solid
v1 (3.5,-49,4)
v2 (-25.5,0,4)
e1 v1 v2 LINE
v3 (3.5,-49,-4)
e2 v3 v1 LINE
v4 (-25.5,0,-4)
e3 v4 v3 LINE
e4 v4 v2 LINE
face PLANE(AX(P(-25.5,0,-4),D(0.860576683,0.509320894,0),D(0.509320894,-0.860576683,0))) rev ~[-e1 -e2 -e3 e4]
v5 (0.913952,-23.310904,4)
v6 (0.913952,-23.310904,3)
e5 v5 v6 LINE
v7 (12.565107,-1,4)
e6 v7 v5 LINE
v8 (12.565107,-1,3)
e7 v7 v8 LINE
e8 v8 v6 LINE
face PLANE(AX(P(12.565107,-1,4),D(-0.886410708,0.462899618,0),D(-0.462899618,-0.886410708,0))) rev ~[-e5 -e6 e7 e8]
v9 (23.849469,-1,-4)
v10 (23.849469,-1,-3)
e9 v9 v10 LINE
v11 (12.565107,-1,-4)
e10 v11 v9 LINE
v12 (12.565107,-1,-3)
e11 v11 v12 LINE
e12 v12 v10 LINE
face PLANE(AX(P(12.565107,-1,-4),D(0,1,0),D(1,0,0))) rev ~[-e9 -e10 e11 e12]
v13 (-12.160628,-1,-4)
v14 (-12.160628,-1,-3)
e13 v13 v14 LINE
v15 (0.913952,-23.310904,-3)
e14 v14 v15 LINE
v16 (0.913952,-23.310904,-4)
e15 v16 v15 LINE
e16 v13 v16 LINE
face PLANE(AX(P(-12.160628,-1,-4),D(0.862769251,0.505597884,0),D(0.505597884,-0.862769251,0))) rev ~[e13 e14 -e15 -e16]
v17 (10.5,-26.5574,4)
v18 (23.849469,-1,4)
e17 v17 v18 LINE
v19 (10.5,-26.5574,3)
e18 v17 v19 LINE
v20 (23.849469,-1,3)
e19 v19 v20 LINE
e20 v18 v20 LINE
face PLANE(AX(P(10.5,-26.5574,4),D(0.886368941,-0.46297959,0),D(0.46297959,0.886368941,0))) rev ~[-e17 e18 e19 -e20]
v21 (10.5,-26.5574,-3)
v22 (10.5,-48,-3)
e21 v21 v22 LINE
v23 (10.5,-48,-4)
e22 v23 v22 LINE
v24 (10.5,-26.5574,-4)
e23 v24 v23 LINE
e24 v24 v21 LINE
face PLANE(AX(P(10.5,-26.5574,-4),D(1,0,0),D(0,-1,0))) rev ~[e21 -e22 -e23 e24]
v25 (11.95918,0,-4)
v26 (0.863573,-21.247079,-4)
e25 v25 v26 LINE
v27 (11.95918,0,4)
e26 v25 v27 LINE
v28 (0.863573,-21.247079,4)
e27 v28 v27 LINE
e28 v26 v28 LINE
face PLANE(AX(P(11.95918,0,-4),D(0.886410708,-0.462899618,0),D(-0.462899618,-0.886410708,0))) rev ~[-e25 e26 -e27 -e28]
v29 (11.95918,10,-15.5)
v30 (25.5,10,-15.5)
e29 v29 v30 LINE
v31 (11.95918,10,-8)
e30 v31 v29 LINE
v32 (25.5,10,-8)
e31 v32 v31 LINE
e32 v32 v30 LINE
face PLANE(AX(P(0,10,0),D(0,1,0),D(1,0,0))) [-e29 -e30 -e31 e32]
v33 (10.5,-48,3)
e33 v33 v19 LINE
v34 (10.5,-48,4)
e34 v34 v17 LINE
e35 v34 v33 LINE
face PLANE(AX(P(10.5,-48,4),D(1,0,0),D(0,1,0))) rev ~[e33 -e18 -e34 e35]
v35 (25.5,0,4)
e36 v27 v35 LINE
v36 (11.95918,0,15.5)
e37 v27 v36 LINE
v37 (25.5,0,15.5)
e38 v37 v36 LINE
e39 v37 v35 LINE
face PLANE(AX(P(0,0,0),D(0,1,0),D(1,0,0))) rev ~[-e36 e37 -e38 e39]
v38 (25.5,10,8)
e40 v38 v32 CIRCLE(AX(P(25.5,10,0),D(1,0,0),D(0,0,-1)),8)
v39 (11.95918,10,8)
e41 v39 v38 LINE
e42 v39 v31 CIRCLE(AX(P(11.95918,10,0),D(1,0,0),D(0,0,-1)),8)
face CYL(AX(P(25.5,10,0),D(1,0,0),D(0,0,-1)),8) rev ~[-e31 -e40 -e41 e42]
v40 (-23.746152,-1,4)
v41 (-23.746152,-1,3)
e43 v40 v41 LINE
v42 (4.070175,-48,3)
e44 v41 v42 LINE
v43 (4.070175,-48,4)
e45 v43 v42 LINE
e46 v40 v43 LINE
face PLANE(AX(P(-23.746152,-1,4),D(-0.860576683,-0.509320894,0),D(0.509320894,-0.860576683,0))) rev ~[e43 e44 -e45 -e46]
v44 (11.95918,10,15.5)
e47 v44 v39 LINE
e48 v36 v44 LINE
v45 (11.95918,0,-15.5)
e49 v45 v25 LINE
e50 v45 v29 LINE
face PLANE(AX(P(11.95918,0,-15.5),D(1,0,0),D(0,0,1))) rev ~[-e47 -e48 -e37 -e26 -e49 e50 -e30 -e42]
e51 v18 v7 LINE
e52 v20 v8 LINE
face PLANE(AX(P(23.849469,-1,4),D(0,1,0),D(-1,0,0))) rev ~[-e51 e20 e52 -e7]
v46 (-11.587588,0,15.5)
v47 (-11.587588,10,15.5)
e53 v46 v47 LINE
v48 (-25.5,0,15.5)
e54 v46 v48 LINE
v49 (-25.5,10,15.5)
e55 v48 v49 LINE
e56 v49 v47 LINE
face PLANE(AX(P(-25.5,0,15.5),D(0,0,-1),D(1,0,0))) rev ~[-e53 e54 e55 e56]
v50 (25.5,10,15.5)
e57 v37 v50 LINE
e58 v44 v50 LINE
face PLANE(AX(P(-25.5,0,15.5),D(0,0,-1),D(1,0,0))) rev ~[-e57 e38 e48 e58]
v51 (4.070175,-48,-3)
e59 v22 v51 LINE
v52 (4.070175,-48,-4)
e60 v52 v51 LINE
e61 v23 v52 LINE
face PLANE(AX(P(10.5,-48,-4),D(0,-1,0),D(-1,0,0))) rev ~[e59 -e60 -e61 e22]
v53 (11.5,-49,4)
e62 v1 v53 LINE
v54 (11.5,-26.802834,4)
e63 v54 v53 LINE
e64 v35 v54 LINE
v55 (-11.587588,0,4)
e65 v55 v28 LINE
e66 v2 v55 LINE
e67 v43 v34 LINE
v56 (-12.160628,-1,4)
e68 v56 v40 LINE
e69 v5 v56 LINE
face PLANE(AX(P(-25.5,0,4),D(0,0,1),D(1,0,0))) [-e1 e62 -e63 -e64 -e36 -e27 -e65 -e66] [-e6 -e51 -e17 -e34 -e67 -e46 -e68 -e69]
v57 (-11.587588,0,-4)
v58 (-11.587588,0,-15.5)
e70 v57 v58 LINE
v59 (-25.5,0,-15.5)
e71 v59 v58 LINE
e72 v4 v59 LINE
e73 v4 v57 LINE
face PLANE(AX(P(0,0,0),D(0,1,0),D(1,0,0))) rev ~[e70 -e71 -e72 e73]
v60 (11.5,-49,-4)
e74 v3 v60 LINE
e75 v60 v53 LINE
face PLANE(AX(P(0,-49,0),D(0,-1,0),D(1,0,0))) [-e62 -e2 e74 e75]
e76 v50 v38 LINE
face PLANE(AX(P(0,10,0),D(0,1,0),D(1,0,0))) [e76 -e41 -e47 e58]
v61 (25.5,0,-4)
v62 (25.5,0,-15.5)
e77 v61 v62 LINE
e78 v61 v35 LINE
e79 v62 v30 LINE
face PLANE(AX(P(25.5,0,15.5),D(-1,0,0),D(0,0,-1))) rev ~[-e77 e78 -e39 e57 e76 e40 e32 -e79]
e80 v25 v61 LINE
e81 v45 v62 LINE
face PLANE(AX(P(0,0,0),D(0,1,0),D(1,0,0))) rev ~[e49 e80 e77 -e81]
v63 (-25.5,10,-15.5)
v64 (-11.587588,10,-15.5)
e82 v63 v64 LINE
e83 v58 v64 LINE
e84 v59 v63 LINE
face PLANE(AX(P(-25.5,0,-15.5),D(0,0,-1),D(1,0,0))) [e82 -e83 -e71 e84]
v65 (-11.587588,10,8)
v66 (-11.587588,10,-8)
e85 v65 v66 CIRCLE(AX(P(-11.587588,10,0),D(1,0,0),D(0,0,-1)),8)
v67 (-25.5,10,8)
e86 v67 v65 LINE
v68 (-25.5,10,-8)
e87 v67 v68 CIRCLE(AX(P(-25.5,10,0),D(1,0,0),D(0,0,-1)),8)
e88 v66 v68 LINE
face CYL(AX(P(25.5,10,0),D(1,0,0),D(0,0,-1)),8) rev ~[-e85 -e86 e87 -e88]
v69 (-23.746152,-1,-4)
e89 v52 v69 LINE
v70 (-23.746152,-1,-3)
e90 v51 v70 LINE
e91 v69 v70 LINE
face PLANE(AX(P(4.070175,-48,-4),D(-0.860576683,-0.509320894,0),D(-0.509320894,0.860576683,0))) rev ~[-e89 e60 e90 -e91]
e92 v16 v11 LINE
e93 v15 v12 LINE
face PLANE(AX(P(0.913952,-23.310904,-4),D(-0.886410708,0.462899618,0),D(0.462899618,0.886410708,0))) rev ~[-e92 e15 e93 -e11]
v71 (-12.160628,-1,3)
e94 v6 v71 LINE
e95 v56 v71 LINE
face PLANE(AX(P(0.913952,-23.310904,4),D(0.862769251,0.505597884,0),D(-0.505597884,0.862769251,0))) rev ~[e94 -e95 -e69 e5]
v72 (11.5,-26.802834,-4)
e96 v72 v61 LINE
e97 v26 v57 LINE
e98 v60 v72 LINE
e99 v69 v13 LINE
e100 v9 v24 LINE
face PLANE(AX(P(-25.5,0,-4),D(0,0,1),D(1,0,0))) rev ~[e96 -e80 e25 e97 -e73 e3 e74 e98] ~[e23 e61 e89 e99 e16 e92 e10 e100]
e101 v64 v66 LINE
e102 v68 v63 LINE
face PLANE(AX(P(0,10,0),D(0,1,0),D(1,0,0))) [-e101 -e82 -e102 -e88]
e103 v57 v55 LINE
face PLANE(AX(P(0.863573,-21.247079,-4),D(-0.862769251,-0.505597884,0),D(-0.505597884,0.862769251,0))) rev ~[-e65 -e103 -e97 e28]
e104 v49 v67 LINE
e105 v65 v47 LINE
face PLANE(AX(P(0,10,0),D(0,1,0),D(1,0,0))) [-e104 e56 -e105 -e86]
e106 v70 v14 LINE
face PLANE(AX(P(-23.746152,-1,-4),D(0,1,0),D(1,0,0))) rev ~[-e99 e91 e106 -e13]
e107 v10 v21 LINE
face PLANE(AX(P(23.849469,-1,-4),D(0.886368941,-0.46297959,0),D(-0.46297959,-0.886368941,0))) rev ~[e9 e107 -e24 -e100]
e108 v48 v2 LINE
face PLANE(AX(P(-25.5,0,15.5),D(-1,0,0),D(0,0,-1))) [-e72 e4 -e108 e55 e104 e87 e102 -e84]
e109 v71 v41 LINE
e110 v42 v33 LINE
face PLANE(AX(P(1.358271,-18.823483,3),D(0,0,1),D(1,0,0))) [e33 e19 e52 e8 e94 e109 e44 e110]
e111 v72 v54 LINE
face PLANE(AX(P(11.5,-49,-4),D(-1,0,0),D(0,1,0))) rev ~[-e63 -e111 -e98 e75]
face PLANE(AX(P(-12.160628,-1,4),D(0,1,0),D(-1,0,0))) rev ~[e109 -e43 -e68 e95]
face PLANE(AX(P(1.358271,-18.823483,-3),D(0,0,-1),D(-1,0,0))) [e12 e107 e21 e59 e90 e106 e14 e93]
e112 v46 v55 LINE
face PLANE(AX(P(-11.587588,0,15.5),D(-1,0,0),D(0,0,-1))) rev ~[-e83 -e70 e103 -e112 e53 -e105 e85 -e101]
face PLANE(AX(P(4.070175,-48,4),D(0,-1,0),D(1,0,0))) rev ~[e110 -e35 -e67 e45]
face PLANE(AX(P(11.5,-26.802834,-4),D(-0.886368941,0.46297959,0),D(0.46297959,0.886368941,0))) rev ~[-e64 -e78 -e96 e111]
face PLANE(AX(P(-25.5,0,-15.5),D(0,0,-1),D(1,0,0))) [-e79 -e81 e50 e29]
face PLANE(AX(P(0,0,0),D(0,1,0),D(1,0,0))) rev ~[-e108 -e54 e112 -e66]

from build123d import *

# Parameters (mm, degrees)
SKETCH_1_W          = 51
SKETCH_1_H          = 31
EXTRUDE_1_DEPTH     = 10
SKETCH_2_R          = 8
CUT_EXTRUDE_1_DEPTH = 51
SKETCH_3_W          = 51
SKETCH_3_H          = 8
EXTRUDE_3_DEPTH     = 49
CUT_EXTRUDE_4_DEPTH = 49
CUT_EXTRUDE_5_DEPTH = 49
CUT_EXTRUDE_6_DEPTH = 1
CUT_EXTRUDE_7_DEPTH = 1


with BuildPart() as part:
    # Эскиз1 → Бобышка-Вытянуть1 (new body)
    with BuildSketch(Plane(origin=(0, 0, 0), x_dir=(1, 0, 0), z_dir=(0, 1, 0))):
        Rectangle(SKETCH_1_W, SKETCH_1_H)
    extrude(amount=EXTRUDE_1_DEPTH)

    # Эскиз2 → Вырез-Вытянуть1 (cut)
    with BuildSketch(Plane(origin=(25.5, 0, 0), x_dir=(0, 0, -1), z_dir=(1, 0, 0))):
        with Locations((0, 10)):
            Circle(SKETCH_2_R)
    extrude(amount=-CUT_EXTRUDE_1_DEPTH, mode=Mode.SUBTRACT)

    # Эскиз3 → Бобышка-Вытянуть3 (add)
    with BuildSketch(Plane.XZ):
        Rectangle(SKETCH_3_W, SKETCH_3_H)
    extrude(amount=EXTRUDE_3_DEPTH)

    # Эскиз4 → Вырез-Вытянуть4 (cut)
    with BuildSketch(Plane(origin=(0, 0, -4), x_dir=(-1, 0, 0), z_dir=(0, 0, -1))):
        Polygon((25.5, -49), (25.5, 0), (-3.5, -49), align=None)
        Polygon((-11.5, -26.802834127), (-25.5, 0), (-25.5, -49), (-11.5, -49), align=None)
        Polygon((11.587587539, 0), (-11.959179604, 0), (-0.863572713, -21.247079042), align=None)
    extrude(amount=-CUT_EXTRUDE_4_DEPTH, mode=Mode.SUBTRACT)

    # Эскиз6 → Вырез-Вытянуть5 (cut)
    with BuildSketch(Plane(origin=(0, 0, 0), x_dir=(-1, 0, 0), z_dir=(0, -1, 0))):
        Polygon((11.587587539, 4), (11.587587539, -15.5), (-11.959179604, -15.5), (-11.959179604, -4), (-11.959179604, 4), (-11.959179604, 15.5), (11.587587539, 15.5), align=None)
    extrude(amount=-CUT_EXTRUDE_5_DEPTH, mode=Mode.SUBTRACT)

    # Эскиз7 → Вырез-Вытянуть6 (cut)
    with BuildSketch(Plane(origin=(0, 0, -4), x_dir=(-1, 0, 0), z_dir=(0, 0, -1))):
        Polygon((23.746151768, -1), (12.160628495, -1), (-0.913951596, -23.310903643), (-12.56510683, -1), (-23.849468801, -1), (-10.5, -26.557399854), (-10.5, -48), (-4.070174763, -48), align=None)
    extrude(amount=-CUT_EXTRUDE_6_DEPTH, mode=Mode.SUBTRACT)

    # Эскиз8 → Вырез-Вытянуть7 (cut)
    with BuildSketch(Plane.XY.offset(4)):
        Polygon((12.56510683, -1), (0.913951596, -23.310903643), (-12.160628495, -1), (-23.746151768, -1), (4.070174763, -48), (10.5, -48), (10.5, -26.557399854), (23.849468801, -1), align=None)
    extrude(amount=-CUT_EXTRUDE_7_DEPTH, mode=Mode.SUBTRACT)


solid = part.part
